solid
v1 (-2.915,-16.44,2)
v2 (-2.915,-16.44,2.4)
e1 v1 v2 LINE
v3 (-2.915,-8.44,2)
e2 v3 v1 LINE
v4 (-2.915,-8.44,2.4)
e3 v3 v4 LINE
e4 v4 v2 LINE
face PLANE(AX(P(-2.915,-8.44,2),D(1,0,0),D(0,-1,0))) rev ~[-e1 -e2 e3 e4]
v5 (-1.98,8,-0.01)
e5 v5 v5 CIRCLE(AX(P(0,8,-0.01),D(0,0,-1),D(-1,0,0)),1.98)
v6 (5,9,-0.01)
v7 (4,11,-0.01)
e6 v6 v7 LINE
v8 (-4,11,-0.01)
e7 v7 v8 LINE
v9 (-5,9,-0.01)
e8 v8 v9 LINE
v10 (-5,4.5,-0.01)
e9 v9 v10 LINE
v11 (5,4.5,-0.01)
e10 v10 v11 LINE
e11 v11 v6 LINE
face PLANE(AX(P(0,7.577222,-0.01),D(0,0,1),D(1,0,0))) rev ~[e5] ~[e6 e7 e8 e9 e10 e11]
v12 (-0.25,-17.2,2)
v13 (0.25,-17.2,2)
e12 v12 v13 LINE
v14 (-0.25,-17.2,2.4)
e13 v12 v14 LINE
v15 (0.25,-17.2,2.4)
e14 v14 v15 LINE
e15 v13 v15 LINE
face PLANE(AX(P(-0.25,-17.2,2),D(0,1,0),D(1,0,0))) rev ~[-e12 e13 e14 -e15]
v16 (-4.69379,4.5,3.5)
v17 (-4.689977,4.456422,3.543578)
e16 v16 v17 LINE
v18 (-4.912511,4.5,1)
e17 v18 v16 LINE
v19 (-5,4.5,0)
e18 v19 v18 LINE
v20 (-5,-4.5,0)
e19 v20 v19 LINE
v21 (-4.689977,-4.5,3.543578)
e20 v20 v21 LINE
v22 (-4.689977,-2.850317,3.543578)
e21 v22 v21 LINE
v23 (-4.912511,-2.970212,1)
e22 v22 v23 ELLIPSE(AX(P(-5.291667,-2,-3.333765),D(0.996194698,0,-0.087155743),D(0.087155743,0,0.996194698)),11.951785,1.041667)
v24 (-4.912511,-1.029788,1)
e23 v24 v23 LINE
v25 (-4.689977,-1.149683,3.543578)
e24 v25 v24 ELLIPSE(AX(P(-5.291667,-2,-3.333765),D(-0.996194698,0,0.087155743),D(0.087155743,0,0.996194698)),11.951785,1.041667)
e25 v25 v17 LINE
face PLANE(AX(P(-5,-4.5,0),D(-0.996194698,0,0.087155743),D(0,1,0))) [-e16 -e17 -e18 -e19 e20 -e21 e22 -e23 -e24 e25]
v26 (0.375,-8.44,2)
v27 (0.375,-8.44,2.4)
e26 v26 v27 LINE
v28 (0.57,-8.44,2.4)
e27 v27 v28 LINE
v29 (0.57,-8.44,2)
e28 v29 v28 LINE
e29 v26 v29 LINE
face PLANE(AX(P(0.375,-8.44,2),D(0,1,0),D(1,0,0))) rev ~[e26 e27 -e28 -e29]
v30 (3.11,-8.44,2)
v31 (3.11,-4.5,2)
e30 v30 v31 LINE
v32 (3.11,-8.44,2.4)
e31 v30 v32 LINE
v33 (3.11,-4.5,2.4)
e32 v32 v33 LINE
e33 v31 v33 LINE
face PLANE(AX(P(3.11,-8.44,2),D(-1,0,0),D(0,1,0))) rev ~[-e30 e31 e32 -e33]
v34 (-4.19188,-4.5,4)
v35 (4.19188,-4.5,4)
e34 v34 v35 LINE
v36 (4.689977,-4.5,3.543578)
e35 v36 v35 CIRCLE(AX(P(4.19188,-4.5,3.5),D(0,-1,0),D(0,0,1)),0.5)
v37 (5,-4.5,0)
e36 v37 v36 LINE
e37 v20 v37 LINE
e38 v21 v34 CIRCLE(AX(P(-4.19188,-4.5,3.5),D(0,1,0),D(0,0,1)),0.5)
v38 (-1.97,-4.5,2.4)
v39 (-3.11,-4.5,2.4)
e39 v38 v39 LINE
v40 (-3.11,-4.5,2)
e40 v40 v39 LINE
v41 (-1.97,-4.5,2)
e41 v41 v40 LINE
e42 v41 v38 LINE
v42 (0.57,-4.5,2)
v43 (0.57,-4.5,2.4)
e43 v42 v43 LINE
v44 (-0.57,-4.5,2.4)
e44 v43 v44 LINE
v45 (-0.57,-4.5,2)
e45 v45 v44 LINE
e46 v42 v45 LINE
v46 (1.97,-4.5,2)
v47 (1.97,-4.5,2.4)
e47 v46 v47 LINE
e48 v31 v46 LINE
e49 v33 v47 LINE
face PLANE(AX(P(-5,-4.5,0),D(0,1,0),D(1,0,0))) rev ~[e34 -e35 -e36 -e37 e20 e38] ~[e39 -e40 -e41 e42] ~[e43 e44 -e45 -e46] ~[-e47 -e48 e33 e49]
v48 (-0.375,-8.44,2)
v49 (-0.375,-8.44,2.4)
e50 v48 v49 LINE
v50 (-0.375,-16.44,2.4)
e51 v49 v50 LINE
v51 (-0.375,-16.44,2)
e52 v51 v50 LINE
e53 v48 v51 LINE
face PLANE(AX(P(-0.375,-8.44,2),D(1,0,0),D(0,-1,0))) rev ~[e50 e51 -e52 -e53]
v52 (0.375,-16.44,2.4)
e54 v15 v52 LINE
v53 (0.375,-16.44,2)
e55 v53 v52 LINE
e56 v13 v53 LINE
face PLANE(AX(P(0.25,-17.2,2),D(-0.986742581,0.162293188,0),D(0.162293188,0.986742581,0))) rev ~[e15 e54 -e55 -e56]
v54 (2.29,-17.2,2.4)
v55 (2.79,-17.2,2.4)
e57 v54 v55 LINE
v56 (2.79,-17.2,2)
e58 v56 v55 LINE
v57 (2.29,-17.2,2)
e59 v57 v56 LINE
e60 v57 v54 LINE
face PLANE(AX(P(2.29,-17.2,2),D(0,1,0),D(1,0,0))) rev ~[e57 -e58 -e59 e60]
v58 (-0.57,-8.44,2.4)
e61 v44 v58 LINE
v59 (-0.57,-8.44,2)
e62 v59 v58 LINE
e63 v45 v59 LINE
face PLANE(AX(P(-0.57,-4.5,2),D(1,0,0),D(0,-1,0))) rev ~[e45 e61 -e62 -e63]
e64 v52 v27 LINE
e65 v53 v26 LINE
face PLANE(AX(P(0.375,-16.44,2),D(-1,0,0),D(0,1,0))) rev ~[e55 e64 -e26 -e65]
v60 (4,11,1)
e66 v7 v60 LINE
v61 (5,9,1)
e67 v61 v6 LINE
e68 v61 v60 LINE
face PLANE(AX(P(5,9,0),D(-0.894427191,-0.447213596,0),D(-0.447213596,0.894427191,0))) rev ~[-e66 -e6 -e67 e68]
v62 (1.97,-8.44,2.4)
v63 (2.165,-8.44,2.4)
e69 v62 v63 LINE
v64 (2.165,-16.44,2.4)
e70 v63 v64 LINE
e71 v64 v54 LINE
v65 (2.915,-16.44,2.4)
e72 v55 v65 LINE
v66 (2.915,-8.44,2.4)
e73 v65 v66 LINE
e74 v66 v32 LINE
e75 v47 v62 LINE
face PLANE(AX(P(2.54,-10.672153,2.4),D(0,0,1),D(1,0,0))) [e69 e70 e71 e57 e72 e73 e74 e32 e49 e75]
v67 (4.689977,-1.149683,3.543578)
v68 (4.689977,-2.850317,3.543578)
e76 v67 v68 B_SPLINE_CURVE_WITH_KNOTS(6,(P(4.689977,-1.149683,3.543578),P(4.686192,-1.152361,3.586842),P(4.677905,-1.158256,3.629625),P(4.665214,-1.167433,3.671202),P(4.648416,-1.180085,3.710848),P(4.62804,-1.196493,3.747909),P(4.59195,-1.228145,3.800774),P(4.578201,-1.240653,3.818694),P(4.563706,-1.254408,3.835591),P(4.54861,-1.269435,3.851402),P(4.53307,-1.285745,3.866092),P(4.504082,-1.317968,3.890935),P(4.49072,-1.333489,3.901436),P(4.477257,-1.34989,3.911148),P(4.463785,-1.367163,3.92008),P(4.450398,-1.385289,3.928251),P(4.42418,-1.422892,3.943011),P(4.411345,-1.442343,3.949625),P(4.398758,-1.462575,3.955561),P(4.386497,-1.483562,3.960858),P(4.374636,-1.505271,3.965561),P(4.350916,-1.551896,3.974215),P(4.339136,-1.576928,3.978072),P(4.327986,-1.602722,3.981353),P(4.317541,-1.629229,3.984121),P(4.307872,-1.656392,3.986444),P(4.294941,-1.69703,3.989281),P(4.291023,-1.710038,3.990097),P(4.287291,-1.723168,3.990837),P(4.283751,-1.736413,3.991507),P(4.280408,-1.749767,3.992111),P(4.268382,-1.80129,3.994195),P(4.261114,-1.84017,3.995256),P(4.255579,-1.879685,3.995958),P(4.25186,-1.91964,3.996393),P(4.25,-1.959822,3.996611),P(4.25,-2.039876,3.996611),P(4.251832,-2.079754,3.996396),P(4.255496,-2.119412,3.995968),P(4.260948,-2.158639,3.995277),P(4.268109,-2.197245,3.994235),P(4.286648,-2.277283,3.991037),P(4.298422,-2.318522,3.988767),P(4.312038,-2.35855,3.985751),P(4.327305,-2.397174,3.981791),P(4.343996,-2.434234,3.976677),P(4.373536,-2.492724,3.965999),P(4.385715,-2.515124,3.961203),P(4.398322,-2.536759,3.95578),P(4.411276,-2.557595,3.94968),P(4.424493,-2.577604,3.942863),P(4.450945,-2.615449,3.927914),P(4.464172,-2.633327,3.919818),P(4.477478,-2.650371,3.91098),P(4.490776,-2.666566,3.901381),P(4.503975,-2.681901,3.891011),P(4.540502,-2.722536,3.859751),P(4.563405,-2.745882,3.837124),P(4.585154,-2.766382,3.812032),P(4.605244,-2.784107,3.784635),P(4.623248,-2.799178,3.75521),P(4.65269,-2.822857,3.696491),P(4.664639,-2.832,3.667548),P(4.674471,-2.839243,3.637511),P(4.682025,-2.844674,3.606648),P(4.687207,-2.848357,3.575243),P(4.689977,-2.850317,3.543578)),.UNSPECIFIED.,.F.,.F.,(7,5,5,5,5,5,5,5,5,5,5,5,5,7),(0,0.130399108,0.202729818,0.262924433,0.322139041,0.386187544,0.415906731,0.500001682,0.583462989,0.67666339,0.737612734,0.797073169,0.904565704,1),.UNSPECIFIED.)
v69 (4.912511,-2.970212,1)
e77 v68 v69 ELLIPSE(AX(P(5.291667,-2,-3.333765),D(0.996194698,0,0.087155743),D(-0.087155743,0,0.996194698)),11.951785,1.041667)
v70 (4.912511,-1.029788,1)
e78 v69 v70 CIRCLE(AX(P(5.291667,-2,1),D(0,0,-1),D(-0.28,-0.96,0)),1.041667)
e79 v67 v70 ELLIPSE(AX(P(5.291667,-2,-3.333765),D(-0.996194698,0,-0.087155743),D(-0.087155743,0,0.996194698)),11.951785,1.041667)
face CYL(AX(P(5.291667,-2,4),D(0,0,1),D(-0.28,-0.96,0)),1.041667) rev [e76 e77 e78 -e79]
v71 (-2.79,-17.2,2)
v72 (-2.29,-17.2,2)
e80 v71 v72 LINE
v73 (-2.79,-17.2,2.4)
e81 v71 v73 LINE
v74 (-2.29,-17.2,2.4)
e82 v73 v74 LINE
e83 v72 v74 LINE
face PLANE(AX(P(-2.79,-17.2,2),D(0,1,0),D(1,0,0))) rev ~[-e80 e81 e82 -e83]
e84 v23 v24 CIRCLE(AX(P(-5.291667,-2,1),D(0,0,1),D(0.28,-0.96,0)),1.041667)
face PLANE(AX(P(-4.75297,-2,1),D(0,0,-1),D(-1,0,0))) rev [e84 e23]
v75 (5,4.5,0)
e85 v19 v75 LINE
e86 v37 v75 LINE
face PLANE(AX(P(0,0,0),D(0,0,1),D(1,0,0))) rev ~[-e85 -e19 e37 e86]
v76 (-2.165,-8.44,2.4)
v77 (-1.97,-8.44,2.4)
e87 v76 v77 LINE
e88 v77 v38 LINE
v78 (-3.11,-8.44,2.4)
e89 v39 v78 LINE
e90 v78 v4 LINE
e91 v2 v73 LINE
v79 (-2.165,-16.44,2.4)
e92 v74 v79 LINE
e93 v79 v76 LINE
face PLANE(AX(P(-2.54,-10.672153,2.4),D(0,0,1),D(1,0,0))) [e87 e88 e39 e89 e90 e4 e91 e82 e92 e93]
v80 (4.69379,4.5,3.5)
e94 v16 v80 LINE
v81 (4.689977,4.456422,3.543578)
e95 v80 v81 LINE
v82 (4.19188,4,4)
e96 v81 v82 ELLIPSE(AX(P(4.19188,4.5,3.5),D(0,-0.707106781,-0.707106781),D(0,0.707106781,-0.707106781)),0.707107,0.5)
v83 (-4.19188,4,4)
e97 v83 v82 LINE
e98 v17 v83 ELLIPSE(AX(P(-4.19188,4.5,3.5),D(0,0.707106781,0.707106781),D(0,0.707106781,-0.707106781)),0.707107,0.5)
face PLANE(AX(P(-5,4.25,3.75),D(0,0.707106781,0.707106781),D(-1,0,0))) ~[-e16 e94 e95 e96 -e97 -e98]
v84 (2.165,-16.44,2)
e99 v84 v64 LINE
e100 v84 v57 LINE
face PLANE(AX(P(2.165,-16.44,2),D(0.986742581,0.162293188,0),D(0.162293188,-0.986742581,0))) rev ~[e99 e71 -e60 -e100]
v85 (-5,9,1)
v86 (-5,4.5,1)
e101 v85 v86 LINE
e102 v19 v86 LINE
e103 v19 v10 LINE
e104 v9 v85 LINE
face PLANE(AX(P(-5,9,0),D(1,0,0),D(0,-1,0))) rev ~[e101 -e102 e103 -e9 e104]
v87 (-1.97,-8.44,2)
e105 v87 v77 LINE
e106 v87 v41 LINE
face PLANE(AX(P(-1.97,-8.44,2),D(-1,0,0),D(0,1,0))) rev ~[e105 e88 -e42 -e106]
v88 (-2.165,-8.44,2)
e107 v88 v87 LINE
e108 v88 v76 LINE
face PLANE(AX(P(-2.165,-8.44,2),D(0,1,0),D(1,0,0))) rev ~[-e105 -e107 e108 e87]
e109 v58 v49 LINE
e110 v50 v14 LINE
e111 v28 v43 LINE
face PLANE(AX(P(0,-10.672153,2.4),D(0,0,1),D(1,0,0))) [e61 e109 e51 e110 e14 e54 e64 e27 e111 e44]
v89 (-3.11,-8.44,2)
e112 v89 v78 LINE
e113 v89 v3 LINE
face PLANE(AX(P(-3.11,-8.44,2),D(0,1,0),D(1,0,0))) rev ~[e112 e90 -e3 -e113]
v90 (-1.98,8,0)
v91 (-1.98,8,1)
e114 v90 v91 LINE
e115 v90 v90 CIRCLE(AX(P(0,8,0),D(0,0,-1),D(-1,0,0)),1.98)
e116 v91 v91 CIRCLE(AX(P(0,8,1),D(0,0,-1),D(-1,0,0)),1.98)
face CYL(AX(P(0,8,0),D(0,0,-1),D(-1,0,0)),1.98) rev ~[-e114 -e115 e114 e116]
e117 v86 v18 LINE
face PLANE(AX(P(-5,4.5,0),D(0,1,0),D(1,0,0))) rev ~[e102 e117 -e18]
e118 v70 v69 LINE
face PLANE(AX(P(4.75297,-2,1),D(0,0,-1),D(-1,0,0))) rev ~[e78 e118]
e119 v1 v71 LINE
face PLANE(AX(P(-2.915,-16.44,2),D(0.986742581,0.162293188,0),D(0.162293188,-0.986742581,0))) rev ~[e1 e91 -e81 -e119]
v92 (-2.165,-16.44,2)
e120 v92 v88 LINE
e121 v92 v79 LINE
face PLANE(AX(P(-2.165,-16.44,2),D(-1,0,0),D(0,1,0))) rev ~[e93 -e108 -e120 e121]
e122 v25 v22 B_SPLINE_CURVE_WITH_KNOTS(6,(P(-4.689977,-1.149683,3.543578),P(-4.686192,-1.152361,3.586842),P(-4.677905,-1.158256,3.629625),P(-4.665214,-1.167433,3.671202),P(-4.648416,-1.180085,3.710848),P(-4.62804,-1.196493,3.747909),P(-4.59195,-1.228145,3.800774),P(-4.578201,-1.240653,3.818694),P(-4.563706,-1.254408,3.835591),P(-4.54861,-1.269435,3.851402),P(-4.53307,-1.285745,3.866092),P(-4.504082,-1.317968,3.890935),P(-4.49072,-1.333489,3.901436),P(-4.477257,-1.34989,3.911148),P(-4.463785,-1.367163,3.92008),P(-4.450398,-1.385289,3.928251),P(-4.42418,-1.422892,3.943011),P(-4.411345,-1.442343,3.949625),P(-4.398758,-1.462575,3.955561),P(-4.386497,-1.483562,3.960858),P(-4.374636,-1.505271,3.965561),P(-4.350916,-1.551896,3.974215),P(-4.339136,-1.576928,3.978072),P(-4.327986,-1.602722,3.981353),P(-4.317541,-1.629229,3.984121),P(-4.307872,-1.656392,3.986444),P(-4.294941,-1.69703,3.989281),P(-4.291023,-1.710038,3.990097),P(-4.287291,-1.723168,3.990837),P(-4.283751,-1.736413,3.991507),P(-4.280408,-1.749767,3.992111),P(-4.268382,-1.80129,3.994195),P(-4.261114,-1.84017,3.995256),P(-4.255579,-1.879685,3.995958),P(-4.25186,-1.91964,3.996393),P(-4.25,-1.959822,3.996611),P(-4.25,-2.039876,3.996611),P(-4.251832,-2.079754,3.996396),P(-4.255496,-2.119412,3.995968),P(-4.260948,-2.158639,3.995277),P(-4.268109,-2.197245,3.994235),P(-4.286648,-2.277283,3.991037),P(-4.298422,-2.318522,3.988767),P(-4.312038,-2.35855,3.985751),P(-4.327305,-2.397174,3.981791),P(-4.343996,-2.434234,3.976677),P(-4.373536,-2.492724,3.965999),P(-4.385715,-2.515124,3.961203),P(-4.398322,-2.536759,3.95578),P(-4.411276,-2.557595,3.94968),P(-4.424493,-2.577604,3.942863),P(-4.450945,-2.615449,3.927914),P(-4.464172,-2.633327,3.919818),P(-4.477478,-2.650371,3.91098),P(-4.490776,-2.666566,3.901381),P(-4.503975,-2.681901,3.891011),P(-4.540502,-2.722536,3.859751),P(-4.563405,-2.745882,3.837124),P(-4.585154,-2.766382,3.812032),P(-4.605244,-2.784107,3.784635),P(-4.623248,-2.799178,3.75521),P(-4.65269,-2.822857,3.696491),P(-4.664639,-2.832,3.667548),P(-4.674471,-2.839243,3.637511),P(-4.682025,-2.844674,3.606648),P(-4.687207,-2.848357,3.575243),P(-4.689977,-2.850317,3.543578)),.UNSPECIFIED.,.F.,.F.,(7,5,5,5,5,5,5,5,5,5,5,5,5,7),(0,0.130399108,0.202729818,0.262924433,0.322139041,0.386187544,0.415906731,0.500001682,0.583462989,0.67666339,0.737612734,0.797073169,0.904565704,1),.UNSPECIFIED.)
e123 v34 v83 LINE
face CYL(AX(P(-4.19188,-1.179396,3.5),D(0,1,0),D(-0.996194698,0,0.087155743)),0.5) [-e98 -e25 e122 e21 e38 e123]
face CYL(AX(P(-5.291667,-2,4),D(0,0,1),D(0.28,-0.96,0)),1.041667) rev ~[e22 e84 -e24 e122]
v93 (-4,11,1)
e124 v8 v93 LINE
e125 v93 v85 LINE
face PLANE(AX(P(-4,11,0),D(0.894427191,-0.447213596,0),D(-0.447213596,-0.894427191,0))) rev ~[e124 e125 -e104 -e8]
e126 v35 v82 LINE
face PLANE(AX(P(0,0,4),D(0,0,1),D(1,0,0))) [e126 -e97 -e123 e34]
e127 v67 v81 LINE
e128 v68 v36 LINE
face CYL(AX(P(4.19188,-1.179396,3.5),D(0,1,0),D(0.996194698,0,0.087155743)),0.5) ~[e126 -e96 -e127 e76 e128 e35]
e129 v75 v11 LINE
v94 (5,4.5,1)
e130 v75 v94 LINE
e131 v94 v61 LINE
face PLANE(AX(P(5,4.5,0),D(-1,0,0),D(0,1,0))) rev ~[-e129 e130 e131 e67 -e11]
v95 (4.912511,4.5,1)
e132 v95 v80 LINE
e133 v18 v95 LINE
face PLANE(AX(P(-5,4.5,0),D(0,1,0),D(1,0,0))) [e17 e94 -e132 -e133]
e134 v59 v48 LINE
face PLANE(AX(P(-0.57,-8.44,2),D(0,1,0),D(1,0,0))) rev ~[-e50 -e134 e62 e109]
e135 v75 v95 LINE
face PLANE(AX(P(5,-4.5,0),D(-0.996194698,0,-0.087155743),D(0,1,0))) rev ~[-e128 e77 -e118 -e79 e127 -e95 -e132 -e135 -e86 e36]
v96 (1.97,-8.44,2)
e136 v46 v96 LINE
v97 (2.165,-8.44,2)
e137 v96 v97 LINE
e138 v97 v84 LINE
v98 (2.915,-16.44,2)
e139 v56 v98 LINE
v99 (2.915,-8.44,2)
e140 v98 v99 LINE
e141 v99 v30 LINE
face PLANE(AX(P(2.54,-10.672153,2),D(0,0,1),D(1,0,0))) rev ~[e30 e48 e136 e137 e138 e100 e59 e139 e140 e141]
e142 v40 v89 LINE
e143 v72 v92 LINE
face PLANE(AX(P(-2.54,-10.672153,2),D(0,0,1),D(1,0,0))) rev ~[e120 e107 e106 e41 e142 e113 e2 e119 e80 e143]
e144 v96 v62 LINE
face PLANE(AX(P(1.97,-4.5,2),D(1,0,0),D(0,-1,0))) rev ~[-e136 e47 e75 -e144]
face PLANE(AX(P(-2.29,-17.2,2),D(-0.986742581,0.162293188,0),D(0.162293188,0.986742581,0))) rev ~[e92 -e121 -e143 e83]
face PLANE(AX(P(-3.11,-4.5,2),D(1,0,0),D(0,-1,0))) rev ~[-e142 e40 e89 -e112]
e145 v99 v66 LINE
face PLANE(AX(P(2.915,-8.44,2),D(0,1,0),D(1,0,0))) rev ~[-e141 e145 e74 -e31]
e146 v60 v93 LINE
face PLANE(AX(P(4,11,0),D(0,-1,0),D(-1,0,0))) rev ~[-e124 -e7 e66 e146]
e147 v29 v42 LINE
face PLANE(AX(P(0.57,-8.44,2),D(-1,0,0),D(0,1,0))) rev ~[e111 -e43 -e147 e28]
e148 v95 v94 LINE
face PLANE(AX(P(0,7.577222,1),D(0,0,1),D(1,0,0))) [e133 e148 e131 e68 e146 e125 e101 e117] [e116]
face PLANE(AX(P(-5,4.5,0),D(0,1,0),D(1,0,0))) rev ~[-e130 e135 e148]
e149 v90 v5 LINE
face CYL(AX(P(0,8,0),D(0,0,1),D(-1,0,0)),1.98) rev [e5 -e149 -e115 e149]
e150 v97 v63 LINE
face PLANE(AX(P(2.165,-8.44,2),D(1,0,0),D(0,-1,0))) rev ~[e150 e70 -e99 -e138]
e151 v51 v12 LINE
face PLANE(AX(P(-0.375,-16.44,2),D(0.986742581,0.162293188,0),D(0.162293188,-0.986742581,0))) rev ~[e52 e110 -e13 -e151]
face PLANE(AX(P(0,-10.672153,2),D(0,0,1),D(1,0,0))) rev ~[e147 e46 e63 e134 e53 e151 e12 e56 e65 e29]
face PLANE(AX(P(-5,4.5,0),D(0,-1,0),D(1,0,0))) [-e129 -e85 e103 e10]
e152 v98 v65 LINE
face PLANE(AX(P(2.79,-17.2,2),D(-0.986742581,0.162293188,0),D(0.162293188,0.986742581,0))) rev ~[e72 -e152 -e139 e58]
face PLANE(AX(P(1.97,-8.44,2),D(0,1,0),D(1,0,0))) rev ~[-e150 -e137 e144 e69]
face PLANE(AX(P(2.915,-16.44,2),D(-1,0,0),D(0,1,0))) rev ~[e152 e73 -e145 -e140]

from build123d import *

# Parameters (mm, degrees)
SKETCH2_W                = 10
SKETCH2_H                = 9
BOSS_EXTRUDE1_DEPTH      = 4
CHAMFER1_SIZE            = 0.5
CUT_EXTRUDE1_DEPTH       = 3
BOSS_EXTRUDE2_DEPTH      = 0.4
LPATTERN1_COUNT          = 2
LPATTERN1_PITCH          = 2.54
LPATTERN2_COUNT          = 2
LPATTERN2_PITCH          = 2.54
DRAFT2_ANGLE             = -5
SKETCH8_R                = 1.98
BOSS_EXTRUDE3_DEPTH      = 0.01
BOSS_EXTRUDE3_DEPTH_BACK = 1
FILLET1_R                = 0.5


with BuildPart() as part:
    # Sketch2 → Boss-Extrude1 (new body)
    with BuildSketch(Plane.XY):
        Rectangle(SKETCH2_W, SKETCH2_H)
    extrude(amount=BOSS_EXTRUDE1_DEPTH)

    # Chamfer1
    chamfer1_edges = [part.edges().sort_by_distance(p)[0] for p in [
        (0, 4.5, 4),
    ]]
    chamfer(chamfer1_edges, length=CHAMFER1_SIZE)

    # Sketch6 → Cut-Extrude1 (cut)
    with BuildSketch(Plane.XY.offset(4)):
        with BuildLine():
            Line((5, -1), (5, -3))
            ThreePointArc((5, -3), (4.25, -2), (5, -1))
        make_face()
    cut_extrude1 = extrude(amount=-CUT_EXTRUDE1_DEPTH, mode=Mode.SUBTRACT)

    # Mirror1: Cut-Extrude1 across plane
    add(cut_extrude1.mirror(Plane(origin=(0, 0, 0), x_dir=(0, 0, 1), z_dir=(1, 0, 0))), mode=Mode.SUBTRACT)

    # Sketch7 → Boss-Extrude2 (add)
    with BuildSketch(Plane.XY.offset(2)):
        Polygon((-0.57, -4.5), (-0.57, -8.44), (-0.375, -8.44), (-0.375, -16.44), (-0.25, -17.2), (0.25, -17.2), (0.375, -16.44), (0.375, -8.44), (0.57, -8.44), (0.57, -4.5), align=None)
    boss_extrude2 = extrude(amount=BOSS_EXTRUDE2_DEPTH)

    # LPattern1: Boss-Extrude2 ×2
    with Locations(*[(-i * LPATTERN1_PITCH, 0, 0) for i in range(1, LPATTERN1_COUNT)]):
        add(boss_extrude2)

    # LPattern2: Boss-Extrude2 ×2
    with Locations(*[(i * LPATTERN2_PITCH, 0, 0) for i in range(1, LPATTERN2_COUNT)]):
        add(boss_extrude2)

    # Draft2
    draft2_faces = [part.faces().sort_by_distance(p)[0] for p in [
        (5, 0.383542538, 1.891910739),
        (-5, 0.383542538, 1.891910739),
    ]]
    draft(draft2_faces, Plane(origin=(0, 0, 0), x_dir=(-1, 0, 0), z_dir=(0, 0, -1)), DRAFT2_ANGLE)

    # Sketch8 → Boss-Extrude3 (add, two sides)
    with BuildSketch(Plane(origin=(0, 0, 0), x_dir=(-1, 0, 0), z_dir=(0, 0, -1))) as boss_extrude3_sk:
        Polygon((-5, 9), (-4, 11), (4, 11), (5, 9), (5, 4.5), (-5, 4.5), align=None)
        with Locations((0, 8)):
            Circle(SKETCH8_R, mode=Mode.SUBTRACT)
    extrude(amount=BOSS_EXTRUDE3_DEPTH)
    extrude(boss_extrude3_sk.sketch, amount=-BOSS_EXTRUDE3_DEPTH_BACK)

    # Fillet1
    fillet1_edges = [part.edges().sort_by_distance(p)[0] for p in [
        (-4.650045346, 1.410302183, 4),
        (4.650045346, 1.410302183, 4),
    ]]
    fillet(fillet1_edges, radius=FILLET1_R)


solid = part.part
